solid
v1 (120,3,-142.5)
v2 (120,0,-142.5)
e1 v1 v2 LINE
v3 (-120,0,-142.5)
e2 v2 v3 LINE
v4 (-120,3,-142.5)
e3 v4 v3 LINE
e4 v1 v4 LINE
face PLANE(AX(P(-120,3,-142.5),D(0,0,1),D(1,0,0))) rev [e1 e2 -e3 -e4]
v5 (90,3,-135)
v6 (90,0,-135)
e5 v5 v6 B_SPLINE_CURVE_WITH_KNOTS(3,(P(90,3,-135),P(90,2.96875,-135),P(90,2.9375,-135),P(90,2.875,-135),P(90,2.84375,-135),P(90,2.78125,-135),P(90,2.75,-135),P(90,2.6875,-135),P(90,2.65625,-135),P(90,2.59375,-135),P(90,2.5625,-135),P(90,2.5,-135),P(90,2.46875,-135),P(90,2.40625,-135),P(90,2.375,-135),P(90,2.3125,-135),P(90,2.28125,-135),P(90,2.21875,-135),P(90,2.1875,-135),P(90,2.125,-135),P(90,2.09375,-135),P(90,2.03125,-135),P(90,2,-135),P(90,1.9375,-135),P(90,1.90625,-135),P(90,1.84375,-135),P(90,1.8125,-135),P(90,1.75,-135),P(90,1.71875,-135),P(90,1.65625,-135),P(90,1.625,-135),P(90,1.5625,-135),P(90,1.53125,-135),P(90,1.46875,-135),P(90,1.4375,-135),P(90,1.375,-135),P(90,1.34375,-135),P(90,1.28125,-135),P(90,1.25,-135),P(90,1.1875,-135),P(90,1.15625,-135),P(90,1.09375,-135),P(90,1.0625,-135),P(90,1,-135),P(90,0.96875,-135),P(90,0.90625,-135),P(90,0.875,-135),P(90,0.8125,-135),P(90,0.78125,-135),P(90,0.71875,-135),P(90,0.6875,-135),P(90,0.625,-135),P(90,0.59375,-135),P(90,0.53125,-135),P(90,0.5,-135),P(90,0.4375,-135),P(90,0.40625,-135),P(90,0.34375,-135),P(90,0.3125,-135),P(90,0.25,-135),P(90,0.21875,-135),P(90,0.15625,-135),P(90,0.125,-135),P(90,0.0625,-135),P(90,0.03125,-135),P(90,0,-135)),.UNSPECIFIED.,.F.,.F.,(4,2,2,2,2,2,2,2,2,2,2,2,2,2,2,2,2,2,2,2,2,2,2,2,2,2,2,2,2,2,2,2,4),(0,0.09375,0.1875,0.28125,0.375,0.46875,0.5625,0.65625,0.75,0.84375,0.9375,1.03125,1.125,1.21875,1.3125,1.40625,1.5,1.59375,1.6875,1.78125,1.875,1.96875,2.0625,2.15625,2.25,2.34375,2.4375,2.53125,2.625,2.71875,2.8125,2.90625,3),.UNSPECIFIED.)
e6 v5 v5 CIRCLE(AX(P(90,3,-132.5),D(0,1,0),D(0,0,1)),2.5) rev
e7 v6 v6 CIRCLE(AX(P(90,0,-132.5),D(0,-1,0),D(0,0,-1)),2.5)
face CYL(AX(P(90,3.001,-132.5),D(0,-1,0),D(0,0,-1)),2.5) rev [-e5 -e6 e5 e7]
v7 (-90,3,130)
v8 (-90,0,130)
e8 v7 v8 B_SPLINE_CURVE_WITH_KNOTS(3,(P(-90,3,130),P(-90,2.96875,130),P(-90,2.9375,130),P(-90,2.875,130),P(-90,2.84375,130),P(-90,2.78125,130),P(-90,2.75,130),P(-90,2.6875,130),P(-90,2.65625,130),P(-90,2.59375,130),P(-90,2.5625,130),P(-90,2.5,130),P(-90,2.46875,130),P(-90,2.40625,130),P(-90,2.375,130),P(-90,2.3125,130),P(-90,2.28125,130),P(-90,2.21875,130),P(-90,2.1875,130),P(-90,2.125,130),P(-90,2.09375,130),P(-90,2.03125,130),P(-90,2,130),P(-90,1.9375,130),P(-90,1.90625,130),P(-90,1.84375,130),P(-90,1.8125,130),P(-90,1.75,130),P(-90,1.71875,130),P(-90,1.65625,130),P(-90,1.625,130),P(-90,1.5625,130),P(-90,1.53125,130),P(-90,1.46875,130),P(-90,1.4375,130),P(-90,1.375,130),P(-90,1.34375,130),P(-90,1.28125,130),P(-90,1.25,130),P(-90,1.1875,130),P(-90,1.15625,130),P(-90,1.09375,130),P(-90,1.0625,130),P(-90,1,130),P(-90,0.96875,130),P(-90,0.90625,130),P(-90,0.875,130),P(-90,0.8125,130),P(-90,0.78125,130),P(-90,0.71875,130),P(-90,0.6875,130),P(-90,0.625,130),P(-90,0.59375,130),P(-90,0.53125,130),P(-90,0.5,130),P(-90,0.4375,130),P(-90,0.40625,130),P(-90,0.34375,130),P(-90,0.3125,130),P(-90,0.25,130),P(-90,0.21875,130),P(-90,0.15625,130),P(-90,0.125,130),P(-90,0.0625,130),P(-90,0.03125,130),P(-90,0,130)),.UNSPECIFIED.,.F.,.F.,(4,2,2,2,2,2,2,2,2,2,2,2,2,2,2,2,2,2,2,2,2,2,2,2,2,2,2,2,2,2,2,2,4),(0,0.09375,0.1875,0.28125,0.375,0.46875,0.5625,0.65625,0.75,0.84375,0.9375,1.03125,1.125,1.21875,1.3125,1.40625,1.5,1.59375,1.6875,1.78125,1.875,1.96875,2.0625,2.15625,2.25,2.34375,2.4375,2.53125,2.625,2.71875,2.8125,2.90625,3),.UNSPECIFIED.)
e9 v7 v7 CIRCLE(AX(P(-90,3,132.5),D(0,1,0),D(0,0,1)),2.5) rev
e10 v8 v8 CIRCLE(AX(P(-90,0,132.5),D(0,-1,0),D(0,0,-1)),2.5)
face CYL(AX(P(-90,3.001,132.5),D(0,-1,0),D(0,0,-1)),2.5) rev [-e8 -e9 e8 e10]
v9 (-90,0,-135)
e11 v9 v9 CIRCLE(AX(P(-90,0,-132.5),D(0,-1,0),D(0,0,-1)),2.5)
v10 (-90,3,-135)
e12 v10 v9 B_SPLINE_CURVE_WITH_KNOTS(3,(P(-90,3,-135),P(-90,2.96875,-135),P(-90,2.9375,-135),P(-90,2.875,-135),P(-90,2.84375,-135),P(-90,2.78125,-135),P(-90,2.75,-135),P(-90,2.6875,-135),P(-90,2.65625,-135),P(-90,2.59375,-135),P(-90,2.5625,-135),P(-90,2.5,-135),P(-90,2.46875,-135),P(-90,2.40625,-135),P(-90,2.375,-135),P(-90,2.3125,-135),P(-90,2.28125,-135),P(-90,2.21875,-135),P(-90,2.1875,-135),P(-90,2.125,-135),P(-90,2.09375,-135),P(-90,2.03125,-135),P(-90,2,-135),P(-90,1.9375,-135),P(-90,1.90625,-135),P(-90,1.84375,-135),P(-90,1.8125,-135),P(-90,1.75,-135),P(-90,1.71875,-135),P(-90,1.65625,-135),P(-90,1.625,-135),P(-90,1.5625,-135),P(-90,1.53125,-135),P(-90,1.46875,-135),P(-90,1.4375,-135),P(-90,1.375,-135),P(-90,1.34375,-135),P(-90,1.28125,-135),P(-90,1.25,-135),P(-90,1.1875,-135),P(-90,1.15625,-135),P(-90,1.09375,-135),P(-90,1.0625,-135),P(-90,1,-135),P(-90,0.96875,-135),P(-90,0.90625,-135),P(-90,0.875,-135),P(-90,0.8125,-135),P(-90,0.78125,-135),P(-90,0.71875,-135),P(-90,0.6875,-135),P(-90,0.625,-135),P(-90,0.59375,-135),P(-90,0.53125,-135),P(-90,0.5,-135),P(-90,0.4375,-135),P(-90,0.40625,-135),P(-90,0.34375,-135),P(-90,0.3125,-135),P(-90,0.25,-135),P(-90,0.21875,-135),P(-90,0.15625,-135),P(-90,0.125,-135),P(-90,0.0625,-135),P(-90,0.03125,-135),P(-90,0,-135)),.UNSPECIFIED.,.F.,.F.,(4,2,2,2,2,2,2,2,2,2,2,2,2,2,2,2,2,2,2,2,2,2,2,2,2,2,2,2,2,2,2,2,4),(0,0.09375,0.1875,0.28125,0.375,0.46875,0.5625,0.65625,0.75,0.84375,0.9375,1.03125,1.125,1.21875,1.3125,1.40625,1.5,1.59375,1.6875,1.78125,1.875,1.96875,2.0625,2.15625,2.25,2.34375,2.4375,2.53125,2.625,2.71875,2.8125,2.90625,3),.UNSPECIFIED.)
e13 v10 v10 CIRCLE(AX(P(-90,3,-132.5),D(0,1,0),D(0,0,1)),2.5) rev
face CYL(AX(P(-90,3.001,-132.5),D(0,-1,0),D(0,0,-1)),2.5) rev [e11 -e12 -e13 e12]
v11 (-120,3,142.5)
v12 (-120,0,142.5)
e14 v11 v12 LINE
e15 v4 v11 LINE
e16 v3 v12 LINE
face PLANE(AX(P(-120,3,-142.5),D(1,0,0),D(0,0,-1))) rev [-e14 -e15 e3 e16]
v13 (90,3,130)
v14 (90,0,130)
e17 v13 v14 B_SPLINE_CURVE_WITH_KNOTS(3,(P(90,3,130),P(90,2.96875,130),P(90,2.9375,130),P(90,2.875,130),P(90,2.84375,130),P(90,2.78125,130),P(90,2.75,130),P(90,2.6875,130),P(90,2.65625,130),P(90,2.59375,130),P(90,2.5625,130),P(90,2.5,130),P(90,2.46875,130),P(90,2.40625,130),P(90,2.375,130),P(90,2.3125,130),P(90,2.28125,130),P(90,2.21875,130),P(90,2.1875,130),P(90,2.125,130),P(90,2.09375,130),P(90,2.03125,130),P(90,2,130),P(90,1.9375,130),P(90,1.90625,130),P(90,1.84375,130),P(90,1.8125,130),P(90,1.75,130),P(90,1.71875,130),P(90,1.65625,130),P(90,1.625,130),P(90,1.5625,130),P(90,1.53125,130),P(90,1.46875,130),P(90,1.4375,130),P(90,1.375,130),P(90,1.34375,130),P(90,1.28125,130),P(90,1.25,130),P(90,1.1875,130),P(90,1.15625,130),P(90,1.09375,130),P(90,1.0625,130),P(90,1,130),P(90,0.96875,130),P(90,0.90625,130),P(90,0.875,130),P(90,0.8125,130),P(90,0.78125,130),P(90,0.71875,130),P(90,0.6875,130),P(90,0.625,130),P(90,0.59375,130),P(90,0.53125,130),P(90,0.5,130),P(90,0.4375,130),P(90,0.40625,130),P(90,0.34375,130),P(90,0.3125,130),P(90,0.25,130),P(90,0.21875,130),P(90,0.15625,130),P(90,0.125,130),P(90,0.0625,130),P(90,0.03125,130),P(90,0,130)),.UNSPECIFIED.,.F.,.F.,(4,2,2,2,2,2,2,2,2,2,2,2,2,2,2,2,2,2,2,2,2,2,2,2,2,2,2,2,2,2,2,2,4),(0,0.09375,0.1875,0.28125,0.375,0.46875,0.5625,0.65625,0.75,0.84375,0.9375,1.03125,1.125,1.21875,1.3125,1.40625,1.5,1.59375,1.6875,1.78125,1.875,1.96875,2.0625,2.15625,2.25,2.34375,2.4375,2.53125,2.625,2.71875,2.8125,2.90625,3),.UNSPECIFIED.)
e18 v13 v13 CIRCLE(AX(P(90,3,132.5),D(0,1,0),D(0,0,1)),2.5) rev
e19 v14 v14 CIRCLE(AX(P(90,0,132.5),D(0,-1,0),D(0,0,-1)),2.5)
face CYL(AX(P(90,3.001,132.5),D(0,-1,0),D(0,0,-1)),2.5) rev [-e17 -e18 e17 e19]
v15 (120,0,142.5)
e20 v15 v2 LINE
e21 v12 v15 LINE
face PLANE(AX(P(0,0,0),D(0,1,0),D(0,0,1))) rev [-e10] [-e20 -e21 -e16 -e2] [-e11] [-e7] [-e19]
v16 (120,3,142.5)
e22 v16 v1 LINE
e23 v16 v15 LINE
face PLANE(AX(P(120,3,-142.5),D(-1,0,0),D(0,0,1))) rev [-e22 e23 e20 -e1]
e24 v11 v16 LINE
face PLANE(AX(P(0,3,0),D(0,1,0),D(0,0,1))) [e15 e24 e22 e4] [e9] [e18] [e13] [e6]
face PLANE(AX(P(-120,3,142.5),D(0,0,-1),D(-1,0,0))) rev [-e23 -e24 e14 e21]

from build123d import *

# Parameters (mm, degrees)
SKETCH1_W           = 240
SKETCH1_H           = 285
BOSS_EXTRUDE1_DEPTH = 3
CUT_EXTRUDE1_REACH  = 188.32
SKETCH2_R           = 2.5


with BuildPart() as part:
    # Sketch1 → Boss-Extrude1 (new body)
    with BuildSketch(Plane(origin=(0, 0, 0), x_dir=(1, 0, 0), z_dir=(0, 1, 0))):
        Rectangle(SKETCH1_W, SKETCH1_H)
    extrude(amount=BOSS_EXTRUDE1_DEPTH)

    # Sketch2 → Cut-Extrude1 (cut, up to next)
    with BuildSketch(Plane.XZ, mode=Mode.PRIVATE) as cut_extrude1_sk1:
        with Locations(Location((-90, 132.5, 0), (0, 0, 270))):
            Circle(SKETCH2_R)
    cut_extrude1_tool1 = extrude(cut_extrude1_sk1.sketch, amount=-CUT_EXTRUDE1_REACH, mode=Mode.PRIVATE) & part.part
    # Sketch2 → Cut-Extrude1 (cut, up to next)
    with BuildSketch(Plane.XZ, mode=Mode.PRIVATE) as cut_extrude1_sk2:
        with Locations(Location((-90, -132.5, 0), (0, 0, 270))):
            Circle(SKETCH2_R)
    cut_extrude1_tool2 = extrude(cut_extrude1_sk2.sketch, amount=-CUT_EXTRUDE1_REACH, mode=Mode.PRIVATE) & part.part
    # Sketch2 → Cut-Extrude1 (cut, up to next)
    with BuildSketch(Plane.XZ, mode=Mode.PRIVATE) as cut_extrude1_sk3:
        with Locations(Location((90, 132.5, 0), (0, 0, 270))):
            Circle(SKETCH2_R)
    cut_extrude1_tool3 = extrude(cut_extrude1_sk3.sketch, amount=-CUT_EXTRUDE1_REACH, mode=Mode.PRIVATE) & part.part
    # Sketch2 → Cut-Extrude1 (cut, up to next)
    with BuildSketch(Plane.XZ, mode=Mode.PRIVATE) as cut_extrude1_sk4:
        with Locations(Location((90, -132.5, 0), (0, 0, 270))):
            Circle(SKETCH2_R)
    cut_extrude1_tool4 = extrude(cut_extrude1_sk4.sketch, amount=-CUT_EXTRUDE1_REACH, mode=Mode.PRIVATE) & part.part
    add(cut_extrude1_tool1.solids().sort_by_distance((-90, 0, 132.5))[0], mode=Mode.SUBTRACT)
    add(cut_extrude1_tool2.solids().sort_by_distance((-90, 0, -132.5))[0], mode=Mode.SUBTRACT)
    add(cut_extrude1_tool3.solids().sort_by_distance((90, 0, 132.5))[0], mode=Mode.SUBTRACT)
    add(cut_extrude1_tool4.solids().sort_by_distance((90, 0, -132.5))[0], mode=Mode.SUBTRACT)


solid = part.part
